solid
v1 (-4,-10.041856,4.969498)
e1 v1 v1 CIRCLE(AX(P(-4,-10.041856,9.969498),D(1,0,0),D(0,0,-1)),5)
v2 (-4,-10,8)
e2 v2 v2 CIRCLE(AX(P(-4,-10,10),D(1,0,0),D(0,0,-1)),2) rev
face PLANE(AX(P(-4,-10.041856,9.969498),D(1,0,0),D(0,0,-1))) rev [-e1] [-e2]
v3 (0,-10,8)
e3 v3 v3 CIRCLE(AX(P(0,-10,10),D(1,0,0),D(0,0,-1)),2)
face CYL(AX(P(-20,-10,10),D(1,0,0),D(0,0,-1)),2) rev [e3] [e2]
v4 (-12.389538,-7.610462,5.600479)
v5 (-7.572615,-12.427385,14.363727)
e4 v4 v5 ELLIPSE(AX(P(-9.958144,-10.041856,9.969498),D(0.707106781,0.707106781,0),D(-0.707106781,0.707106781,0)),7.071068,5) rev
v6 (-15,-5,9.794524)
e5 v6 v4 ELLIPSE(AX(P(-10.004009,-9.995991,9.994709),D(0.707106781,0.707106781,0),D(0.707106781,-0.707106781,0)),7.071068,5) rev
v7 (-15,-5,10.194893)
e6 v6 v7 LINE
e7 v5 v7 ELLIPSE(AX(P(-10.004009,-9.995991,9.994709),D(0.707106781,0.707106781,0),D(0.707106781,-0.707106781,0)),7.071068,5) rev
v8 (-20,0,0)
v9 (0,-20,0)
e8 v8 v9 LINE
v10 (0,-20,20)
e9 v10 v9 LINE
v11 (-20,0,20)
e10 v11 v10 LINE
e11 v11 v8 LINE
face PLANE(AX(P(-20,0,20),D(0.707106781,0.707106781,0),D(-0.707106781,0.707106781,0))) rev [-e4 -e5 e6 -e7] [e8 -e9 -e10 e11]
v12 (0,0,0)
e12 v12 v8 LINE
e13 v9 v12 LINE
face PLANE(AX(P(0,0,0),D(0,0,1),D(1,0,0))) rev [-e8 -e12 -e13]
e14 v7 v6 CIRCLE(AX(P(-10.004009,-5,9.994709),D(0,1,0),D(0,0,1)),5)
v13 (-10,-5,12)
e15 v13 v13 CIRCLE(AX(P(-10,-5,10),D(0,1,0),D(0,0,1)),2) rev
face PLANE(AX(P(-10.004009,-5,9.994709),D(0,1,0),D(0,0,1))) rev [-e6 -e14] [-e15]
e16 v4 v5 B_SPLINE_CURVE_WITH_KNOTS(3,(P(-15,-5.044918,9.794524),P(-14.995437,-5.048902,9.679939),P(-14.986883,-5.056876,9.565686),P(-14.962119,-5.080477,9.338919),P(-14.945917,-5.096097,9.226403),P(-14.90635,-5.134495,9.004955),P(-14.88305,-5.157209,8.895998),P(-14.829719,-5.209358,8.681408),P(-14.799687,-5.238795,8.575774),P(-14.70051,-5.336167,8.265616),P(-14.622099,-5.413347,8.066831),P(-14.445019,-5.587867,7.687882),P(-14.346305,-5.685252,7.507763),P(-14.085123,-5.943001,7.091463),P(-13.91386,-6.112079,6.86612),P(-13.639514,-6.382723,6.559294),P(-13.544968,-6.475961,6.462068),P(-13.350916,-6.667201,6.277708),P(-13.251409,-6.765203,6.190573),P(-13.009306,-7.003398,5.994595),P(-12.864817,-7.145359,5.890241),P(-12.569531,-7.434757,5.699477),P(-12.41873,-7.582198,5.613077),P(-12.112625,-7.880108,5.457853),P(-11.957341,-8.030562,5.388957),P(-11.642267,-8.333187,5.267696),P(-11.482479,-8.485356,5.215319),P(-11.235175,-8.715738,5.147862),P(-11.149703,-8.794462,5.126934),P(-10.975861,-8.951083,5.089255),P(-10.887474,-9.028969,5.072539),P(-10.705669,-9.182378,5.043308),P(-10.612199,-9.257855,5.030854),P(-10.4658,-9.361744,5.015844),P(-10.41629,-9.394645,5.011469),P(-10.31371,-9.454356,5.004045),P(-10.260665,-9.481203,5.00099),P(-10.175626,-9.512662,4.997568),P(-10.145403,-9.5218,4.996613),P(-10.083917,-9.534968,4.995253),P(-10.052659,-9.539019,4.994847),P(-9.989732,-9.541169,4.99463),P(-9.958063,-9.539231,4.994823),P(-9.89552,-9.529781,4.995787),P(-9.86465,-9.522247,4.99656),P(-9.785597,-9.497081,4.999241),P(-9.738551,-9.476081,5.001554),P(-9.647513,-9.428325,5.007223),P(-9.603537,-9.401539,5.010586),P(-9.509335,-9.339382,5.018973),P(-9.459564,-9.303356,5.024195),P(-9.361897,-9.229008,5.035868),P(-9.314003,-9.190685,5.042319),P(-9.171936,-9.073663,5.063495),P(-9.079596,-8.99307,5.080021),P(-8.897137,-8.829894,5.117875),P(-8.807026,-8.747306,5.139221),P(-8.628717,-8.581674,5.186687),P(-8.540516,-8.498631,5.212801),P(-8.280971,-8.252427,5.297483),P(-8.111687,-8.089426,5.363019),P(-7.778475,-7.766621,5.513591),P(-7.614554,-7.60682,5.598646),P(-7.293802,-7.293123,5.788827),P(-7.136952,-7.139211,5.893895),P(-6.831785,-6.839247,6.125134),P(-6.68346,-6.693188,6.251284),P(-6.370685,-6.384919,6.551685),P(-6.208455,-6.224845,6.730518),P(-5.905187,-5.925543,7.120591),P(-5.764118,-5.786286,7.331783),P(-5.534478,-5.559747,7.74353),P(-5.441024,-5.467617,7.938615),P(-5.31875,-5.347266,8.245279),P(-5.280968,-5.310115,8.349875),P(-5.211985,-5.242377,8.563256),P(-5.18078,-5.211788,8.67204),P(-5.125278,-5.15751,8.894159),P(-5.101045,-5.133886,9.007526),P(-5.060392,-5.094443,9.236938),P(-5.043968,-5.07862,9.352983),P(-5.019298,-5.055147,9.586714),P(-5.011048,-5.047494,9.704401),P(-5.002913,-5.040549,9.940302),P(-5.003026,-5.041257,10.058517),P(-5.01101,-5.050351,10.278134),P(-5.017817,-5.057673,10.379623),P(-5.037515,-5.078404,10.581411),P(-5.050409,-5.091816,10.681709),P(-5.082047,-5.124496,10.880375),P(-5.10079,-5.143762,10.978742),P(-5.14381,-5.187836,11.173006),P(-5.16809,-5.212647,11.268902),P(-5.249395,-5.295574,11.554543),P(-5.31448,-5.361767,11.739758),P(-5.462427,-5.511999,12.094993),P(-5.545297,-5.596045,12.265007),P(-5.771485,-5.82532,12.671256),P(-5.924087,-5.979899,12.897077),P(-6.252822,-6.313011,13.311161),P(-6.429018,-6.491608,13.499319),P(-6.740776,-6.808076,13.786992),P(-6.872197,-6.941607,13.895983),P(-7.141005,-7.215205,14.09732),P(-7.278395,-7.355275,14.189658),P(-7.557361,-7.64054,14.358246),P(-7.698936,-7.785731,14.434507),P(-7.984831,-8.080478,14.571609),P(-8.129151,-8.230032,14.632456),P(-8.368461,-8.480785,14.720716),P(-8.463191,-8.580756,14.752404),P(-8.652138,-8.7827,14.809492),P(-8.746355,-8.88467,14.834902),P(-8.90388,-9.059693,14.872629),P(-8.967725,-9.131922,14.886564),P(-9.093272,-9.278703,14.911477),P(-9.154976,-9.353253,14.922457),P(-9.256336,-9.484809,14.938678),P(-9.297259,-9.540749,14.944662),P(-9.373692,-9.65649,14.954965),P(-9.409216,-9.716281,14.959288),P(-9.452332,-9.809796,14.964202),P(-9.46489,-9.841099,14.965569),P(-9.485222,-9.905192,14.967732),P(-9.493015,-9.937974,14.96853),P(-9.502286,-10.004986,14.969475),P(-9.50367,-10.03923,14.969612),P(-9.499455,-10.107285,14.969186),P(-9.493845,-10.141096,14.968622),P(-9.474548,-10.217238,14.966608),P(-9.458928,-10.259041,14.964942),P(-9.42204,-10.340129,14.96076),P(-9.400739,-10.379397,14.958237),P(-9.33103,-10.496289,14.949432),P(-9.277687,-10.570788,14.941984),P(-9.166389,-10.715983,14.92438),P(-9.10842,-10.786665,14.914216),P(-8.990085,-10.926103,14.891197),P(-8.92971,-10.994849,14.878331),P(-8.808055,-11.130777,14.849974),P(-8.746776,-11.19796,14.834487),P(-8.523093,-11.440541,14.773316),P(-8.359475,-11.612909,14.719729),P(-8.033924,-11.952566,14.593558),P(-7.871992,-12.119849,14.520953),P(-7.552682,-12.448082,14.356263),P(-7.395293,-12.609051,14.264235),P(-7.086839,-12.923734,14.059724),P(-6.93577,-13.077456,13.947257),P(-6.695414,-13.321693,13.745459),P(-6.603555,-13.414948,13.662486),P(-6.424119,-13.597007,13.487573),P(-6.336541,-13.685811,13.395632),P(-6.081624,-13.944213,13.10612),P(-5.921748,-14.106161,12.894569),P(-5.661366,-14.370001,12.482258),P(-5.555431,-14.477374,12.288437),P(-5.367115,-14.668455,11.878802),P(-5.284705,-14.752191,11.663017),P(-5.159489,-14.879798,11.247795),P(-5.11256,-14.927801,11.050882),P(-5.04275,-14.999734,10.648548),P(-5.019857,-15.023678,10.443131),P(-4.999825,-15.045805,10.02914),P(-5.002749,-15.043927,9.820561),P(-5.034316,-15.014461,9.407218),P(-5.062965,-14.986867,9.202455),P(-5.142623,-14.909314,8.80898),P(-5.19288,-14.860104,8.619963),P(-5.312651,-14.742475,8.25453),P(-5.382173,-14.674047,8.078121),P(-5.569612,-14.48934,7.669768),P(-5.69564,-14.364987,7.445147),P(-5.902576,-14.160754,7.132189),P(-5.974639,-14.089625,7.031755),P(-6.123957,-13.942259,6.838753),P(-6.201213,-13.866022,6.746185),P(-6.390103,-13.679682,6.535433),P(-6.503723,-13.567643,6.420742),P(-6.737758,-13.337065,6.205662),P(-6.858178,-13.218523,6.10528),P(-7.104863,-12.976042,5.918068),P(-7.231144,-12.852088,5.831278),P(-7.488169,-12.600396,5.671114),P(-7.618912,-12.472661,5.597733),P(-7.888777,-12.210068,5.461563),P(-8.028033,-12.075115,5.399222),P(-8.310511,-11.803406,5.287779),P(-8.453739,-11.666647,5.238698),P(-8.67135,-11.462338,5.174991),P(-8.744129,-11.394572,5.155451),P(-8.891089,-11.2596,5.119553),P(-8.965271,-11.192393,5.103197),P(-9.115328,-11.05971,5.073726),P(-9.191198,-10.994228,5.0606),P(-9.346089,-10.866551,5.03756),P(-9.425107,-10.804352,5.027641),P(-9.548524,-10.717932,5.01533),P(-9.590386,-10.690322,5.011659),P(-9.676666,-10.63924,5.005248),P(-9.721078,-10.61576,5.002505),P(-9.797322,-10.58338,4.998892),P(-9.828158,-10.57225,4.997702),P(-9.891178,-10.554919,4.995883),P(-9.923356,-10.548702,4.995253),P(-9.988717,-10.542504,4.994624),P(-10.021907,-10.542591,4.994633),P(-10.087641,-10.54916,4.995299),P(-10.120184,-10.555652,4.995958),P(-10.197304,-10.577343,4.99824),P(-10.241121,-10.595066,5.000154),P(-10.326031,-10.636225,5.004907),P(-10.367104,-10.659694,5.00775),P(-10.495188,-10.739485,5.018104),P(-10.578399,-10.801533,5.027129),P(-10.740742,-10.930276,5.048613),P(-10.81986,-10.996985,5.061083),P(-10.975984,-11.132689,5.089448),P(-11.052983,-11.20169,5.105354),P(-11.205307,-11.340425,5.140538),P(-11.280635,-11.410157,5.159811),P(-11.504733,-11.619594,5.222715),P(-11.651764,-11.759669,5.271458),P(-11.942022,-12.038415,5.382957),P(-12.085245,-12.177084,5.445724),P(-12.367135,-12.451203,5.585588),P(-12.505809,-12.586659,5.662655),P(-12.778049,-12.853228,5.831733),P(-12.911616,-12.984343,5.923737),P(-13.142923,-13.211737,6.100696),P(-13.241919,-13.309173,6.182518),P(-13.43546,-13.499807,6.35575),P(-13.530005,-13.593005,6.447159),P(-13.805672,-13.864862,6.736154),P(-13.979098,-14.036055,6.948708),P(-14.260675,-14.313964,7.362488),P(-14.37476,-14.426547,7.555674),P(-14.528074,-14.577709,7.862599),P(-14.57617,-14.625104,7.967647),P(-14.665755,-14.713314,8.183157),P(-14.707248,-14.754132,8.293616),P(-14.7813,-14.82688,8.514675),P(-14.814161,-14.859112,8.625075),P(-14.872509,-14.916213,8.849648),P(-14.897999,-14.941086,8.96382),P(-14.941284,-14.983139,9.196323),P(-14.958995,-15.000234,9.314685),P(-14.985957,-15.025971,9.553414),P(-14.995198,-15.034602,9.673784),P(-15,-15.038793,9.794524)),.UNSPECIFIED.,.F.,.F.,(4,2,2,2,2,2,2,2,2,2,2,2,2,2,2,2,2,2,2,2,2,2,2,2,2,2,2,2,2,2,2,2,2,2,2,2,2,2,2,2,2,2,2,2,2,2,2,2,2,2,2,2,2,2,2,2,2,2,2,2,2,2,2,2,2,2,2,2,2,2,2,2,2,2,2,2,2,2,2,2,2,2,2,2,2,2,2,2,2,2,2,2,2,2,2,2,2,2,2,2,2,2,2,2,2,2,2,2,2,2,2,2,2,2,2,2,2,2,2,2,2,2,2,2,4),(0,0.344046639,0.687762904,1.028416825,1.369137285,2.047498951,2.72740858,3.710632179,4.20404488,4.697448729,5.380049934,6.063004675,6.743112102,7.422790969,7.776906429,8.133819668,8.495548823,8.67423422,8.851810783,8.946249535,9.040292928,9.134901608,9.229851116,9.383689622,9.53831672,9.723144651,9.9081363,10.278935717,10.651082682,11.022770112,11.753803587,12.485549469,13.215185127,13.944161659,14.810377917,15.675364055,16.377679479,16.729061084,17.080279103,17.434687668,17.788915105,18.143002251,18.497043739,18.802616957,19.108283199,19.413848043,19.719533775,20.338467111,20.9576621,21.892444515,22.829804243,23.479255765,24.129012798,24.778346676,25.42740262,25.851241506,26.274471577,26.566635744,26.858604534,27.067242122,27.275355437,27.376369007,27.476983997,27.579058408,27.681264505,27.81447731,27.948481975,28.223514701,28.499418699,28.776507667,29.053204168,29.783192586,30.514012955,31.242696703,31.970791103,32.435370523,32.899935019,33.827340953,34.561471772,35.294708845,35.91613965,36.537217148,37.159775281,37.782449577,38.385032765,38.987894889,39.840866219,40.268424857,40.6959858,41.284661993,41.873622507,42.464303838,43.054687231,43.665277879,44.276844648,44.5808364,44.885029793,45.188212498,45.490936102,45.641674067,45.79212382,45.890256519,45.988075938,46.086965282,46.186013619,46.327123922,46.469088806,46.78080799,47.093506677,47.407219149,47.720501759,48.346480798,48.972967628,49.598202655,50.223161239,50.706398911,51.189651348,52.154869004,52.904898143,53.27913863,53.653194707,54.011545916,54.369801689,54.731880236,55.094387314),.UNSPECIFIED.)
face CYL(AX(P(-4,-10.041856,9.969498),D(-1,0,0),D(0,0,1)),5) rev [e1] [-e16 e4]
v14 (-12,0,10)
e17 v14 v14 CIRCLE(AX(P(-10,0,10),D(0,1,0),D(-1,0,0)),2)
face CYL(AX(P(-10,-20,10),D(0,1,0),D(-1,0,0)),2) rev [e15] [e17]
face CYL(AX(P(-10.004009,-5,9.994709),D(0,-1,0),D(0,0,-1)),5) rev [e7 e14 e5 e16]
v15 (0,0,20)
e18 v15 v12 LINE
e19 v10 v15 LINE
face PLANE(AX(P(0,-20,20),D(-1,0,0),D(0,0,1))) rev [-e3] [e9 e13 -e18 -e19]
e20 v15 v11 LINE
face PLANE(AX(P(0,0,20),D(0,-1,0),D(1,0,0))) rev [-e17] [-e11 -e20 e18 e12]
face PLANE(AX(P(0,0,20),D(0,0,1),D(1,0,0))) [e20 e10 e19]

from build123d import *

# Parameters (mm, degrees)
BOSS_EXTRU_1_DEPTH           = 20
ESQUISSE2_R                  = 2
ENL_V_MAT_EXTRU_1_DEPTH      = 35.641016151
ESQUISSE3_R                  = 2
ENL_V_MAT_EXTRU_2_DEPTH      = 35.641016151
ENL_V_MAT_EXTRU_3_DEPTH      = 5
ENL_V_MAT_EXTRU_3_DEPTH_BACK = 5
ESQUISSE6_R                  = 5
ENL_V_MAT_EXTRU_4_DEPTH      = 6
ENL_V_MAT_EXTRU_4_DEPTH_BACK = 5
ESQUISSE9_R                  = 5


with BuildPart() as part:
    # Esquisse1 → Boss.-Extru.1 (new body)
    with BuildSketch(Plane.XY):
        Polygon((0, 0), (-20, 0), (0, -20), align=None)
    extrude(amount=BOSS_EXTRU_1_DEPTH)

    # Esquisse2 → Enlèv. mat.-Extru.1 (cut, through all)
    with BuildSketch(Plane(origin=(0, 0, 0), x_dir=(1, 0, 0), z_dir=(0, 1, 0))):
        with Locations(Location((-10, -10, 0), (0, 0, 180))):
            Circle(ESQUISSE2_R)
    extrude(amount=-ENL_V_MAT_EXTRU_1_DEPTH, mode=Mode.SUBTRACT)

    # Esquisse3 → Enlèv. mat.-Extru.2 (cut, through all)
    with BuildSketch(Plane(origin=(0, 0, 0), x_dir=(0, 0, -1), z_dir=(1, 0, 0))):
        with Locations((-10, -10)):
            Circle(ESQUISSE3_R)
    extrude(amount=-ENL_V_MAT_EXTRU_2_DEPTH, mode=Mode.SUBTRACT)

    # Esquisse6 → Enlèv. mat.-Extru.3 (cut, two sides: drawn at the far end of the back side and taken through both)
    with BuildSketch(Plane(origin=(0, -10, 0), x_dir=(1, 0, 0), z_dir=(0, 1, 0)).offset(-ENL_V_MAT_EXTRU_3_DEPTH_BACK)):
        with Locations((-10.004008989, -9.994708572)):
            Circle(ESQUISSE6_R)
    extrude(amount=ENL_V_MAT_EXTRU_3_DEPTH + ENL_V_MAT_EXTRU_3_DEPTH_BACK, mode=Mode.SUBTRACT)

    # Esquisse9 → Enlèv. mat.-Extru.4 (cut, two sides: drawn at the far end of the back side and taken through both)
    with BuildSketch(Plane(origin=(-10, 0, 0), x_dir=(0, 0, -1), z_dir=(1, 0, 0)).offset(-ENL_V_MAT_EXTRU_4_DEPTH_BACK)):
        with Locations(Location((-9.969497879, -10.041855886, 0), (0, 0, 208.496581374))):
            Circle(ESQUISSE9_R)
    extrude(amount=ENL_V_MAT_EXTRU_4_DEPTH + ENL_V_MAT_EXTRU_4_DEPTH_BACK, mode=Mode.SUBTRACT)


solid = part.part
